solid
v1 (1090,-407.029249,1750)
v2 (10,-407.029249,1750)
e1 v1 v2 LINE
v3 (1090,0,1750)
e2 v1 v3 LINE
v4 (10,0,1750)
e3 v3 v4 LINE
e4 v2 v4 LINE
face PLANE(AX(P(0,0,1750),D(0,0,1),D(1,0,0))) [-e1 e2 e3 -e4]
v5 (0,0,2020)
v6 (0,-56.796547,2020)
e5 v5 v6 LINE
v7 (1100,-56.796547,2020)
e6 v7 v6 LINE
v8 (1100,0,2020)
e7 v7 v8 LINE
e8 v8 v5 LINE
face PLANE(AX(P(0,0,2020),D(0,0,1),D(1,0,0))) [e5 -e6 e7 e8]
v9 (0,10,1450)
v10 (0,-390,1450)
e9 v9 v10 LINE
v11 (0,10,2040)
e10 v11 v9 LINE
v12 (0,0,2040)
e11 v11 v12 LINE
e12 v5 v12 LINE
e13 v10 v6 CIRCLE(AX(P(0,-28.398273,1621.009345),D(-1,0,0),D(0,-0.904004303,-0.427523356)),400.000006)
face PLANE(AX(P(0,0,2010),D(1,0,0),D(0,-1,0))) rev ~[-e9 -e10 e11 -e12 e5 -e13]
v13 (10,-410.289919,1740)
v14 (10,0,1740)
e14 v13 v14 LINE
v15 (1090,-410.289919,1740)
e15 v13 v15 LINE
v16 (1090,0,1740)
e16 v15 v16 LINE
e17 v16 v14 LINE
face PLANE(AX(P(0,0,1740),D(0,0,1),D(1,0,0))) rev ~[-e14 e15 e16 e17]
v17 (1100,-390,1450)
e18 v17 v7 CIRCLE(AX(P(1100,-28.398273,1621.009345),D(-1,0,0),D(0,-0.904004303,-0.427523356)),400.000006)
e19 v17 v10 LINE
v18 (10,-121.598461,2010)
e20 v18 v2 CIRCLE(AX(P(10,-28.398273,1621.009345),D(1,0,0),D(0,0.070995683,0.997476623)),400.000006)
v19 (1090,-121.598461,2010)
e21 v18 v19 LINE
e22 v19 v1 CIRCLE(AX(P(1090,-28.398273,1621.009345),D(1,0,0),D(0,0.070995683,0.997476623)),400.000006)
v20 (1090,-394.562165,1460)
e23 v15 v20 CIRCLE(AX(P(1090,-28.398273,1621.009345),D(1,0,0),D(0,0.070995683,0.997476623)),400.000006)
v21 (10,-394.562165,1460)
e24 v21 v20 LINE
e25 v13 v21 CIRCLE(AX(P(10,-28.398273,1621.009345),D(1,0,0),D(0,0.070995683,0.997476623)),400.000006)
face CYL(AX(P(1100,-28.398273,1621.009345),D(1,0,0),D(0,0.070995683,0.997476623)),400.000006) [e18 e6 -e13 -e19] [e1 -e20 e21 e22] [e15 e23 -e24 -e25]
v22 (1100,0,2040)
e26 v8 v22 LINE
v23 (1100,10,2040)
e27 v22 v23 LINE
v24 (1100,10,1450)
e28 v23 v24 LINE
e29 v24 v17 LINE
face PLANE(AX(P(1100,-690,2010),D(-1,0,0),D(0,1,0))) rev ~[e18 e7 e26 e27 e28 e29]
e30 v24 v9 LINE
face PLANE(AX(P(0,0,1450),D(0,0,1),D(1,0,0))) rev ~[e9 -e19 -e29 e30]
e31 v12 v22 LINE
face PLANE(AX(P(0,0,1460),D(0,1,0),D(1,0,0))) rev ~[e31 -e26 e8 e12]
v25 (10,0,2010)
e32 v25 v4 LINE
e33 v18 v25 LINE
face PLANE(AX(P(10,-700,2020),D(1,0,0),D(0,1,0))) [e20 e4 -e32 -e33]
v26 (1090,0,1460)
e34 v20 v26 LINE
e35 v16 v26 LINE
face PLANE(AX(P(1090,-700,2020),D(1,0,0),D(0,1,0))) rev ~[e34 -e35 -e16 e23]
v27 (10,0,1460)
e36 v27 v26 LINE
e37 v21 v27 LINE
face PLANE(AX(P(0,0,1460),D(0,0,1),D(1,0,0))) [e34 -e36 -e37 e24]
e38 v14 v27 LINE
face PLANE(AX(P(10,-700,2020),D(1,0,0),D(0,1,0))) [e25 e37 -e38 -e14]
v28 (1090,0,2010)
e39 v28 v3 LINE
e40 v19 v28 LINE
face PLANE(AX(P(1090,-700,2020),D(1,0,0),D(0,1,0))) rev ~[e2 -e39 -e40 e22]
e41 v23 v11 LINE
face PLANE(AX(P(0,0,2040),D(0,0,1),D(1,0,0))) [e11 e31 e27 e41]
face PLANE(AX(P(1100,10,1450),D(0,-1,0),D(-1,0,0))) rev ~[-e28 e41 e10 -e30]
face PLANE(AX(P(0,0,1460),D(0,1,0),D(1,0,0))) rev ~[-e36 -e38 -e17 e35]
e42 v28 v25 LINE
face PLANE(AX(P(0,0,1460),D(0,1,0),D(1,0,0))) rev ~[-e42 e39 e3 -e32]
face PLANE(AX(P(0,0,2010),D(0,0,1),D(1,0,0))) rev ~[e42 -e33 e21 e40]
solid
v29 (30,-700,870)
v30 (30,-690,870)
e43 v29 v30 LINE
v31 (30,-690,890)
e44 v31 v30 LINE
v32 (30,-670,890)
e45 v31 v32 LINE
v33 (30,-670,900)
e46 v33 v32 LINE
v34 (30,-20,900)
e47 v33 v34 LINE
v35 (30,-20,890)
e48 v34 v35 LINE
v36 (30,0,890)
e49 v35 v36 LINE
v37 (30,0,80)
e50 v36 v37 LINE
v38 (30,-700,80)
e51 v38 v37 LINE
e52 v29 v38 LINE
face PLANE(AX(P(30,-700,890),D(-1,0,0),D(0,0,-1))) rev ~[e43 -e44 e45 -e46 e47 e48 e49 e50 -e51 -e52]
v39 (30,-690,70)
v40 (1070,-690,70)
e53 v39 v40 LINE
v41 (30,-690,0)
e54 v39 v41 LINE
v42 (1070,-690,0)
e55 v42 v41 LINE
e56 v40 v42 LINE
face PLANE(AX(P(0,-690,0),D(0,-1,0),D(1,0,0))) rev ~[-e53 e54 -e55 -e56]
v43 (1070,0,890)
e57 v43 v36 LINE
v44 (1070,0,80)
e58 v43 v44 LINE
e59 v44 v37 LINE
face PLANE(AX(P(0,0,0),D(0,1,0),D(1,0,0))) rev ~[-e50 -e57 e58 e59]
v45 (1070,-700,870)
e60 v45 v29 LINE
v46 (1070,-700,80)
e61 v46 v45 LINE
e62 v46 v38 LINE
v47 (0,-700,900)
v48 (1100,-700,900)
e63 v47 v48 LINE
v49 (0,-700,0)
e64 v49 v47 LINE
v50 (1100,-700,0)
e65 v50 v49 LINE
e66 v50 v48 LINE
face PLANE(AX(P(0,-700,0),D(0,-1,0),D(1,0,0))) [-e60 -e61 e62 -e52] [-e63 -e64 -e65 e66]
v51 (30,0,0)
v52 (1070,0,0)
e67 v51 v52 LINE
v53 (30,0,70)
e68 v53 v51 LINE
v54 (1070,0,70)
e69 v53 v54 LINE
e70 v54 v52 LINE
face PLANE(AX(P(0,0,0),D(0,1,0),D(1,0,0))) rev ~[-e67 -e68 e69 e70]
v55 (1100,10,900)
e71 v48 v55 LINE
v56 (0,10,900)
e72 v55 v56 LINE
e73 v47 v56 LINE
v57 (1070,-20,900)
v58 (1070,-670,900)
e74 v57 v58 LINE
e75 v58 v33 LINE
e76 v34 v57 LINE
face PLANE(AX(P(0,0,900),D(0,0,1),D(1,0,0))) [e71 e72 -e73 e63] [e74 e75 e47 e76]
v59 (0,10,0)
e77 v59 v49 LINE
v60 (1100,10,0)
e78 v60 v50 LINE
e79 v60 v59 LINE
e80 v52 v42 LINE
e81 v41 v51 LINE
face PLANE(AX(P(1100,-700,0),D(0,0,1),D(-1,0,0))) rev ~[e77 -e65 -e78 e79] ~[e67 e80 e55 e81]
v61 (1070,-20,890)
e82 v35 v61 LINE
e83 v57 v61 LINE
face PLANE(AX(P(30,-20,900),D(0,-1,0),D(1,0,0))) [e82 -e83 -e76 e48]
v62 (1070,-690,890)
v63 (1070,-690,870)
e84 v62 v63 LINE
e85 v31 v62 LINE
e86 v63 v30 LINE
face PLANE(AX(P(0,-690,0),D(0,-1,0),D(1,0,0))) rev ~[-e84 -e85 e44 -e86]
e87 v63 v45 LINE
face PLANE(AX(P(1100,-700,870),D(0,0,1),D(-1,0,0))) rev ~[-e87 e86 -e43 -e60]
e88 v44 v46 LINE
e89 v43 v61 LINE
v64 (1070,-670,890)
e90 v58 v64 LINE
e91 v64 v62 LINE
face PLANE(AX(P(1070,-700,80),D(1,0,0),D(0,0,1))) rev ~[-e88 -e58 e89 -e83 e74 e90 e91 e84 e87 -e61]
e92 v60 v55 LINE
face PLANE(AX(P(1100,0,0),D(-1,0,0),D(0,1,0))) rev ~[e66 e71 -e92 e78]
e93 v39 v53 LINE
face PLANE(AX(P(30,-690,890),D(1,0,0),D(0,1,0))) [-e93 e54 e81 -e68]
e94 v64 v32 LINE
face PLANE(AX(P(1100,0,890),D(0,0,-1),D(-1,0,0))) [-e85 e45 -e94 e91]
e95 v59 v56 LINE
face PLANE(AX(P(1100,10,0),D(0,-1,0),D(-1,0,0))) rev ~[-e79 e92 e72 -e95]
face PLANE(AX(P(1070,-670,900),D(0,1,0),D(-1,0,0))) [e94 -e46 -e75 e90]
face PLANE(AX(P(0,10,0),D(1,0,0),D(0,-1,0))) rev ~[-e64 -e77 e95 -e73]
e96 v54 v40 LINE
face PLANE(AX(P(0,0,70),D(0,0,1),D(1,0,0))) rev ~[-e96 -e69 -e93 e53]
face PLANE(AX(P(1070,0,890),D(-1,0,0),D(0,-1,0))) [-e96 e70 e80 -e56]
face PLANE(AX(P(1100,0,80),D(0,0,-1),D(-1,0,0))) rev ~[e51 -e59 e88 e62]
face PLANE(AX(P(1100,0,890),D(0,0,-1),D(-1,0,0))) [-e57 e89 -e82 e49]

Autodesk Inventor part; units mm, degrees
sketch "Sketch1" plane through (0, 0, 0) normal (0, 0, 1) x (1, 0, 0)
  line L0 (0, 0) -> (1100, 0)
  line L1 (1100, 0) -> (1100, 10)
  line L2 (1100, 10) -> (0, 10)
  line L3 (0, 10) -> (0, 0)
  dimension "ancho" = 1100
  dimension "espesor" = 10
extrude "Extrusion1" add sketch "Sketch1" along normal blind 900
sketch "Sketch2" plane through (0, 0, 0) normal (0, -1, 0) x (1, 0, 0)
  line L0 (0, 0) -> (1100, 0) construction
  line L1 (1100, 0) -> (1100, 900) construction
  line L2 (0, 900) -> (1100, 900) construction
  line L3 (0, 0) -> (0, 900) construction
  line L4 (0, 0) -> (0, 900) projected
  line L5 (0, 70) -> (1100, 70)
  line L6 (1100, 70) -> (1100, 80)
  line L7 (1100, 80) -> (0, 80)
  line L8 (0, 80) -> (0, 70)
  line L9 (0, 900) -> (1100, 900) projected
  line L10 (1100, 0) -> (1100, 900) projected
  line L11 (0, 900) -> (1100, 900)
  line L12 (1100, 900) -> (1100, 890)
  line L13 (1100, 890) -> (0, 890)
  line L14 (0, 890) -> (0, 900)
  dimension "d5" = 10
  dimension "d6" = 10
  dimension "d7" = 80
extrude "Extrusion2" add sketch "Sketch2" along normal blind 700 contours L4 L7 L6 L5 | L4 L9 L10 L13
sketch "Sketch3" plane through (0, 0, 900) normal (0, 0, 1) x (1, 0, 0)
  line L0 (1100, 10) -> (1100, -700) projected
  line L1 (1100, 10) -> (0, 10) projected
  line L2 (0, 10) -> (0, -700) projected
  line L3 (1100, -700) -> (0, -700) projected
  line L4 (30, -670) -> (30, -20)
  line L5 (30, -20) -> (1070, -20)
  line L6 (1070, -20) -> (1070, -670)
  line L7 (1070, -670) -> (30, -670)
  point P0 (0, 0)
  dimension "d10" = 30
extrude "Extrusion3" cut sketch "Sketch3" against normal up to next contours L4 L5 L6 L7
sketch "Sketch4" plane through (0, -700, 0) normal (0, -1, 0) x (1, 0, 0)
  line L0 (0, 70) -> (1100, 70) construction
  line L1 (1100, 70) -> (1100, 80) construction
  line L2 (1100, 80) -> (0, 80) construction
  line L3 (0, 80) -> (0, 70) construction
  line L4 (0, 900) -> (0, 890) construction
  line L5 (0, 890) -> (1100, 890) construction
  line L6 (1100, 890) -> (1100, 900) construction
  line L7 (1100, 900) -> (0, 900) construction
  line L8 (1100, 70) -> (0, 70) construction
  line L9 (0, 0) -> (0, 70) construction
  line L10 (0, 0) -> (1100, 0) construction
  line L11 (1100, 0) -> (1100, 70) construction
  line L12 (0, 900) -> (1100, 900)
  line L13 (1100, 900) -> (1100, 0)
  line L14 (1100, 0) -> (0, 0)
  line L15 (0, 0) -> (0, 900)
  line L16 (1100, 80) -> (0, 80) projected
  line L17 (30, 80) -> (1070, 80)
  line L18 (1070, 80) -> (1070, 890)
  line L19 (1070, 890) -> (30, 890)
  line L20 (30, 890) -> (30, 80)
  dimension "d13" = 30
  dimension "d14" = 30
extrude "Extrusion4" add sketch "Sketch4" against normal blind 10 contours L12 L13 L16 L18 L19 L20 L15 | L16 L13 L14 L15
ref_plane "Work Plane1" through (0, 0, 1450) normal (0, 0, 1) x (1, 0, 0)
sketch "Sketch5" plane through (0, 0, 1450) normal (0, 0, 1) x (1, 0, 0)
  line L0 (1100, 10) -> (0, 10) projected
  line L1 (0, 10) -> (0, -700) projected
  line L2 (1100, 10) -> (1100, -700) projected
  line L3 (1100, -700) -> (0, -700) projected
  point P0 (0, 0)
extrude "Extrusion5" add sketch "Sketch5" along normal blind 10
sketch "Sketch6" plane through (0, 0, 1460) normal (0, 0, 1) x (1, 0, 0)
  line L0 (1100, 10) -> (0, 10) projected
  line L1 (0, 10) -> (0, -700) projected
  line L2 (0, -700) -> (1100, -700) projected
  line L3 (1100, -700) -> (1100, 10) projected
  line L4 (1100, -700) -> (0, -700) projected
  line L5 (1100, 0) -> (1100, -690) projected
  line L6 (0, -700) -> (1100, -700)
  line L7 (1100, -700) -> (1100, -690)
  line L8 (1100, -690) -> (0, -690)
  line L9 (0, -690) -> (0, -700)
  line L10 (0, 0) -> (0, -690) projected
  line L11 (1100, 10) -> (0, 10)
  line L12 (0, 10) -> (0, 0)
  line L13 (0, 0) -> (1100, 0)
  line L14 (1100, 0) -> (1100, 10)
  dimension "d20" = 10
  dimension "d21" = 10
extrude "Extrusion6" add sketch "Sketch6" along normal blind 580 contours L3 L13 L1 L0 | L3 L2 L1 L8
sketch "Sketch7" plane through (0, -700, 1450) normal (0, -1, 0) x (1, 0, 0)
  line L0 (1100, 0) -> (1100, 590) projected
  line L1 (0, 590) -> (1100, 590) projected
  line L2 (0, 0) -> (0, 590) projected
  line L3 (0, 10) -> (1100, 10) projected
  line L4 (30, 10) -> (1070, 10)
  line L5 (1070, 10) -> (1070, 560)
  line L6 (1070, 560) -> (30, 560)
  line L7 (30, 560) -> (30, 10)
  line L8 (0, 0) -> (1100, 0) projected
  point P0 (0, -1450)
  dimension "d24" = 30
  dimension "d25" = 30
  dimension "d26" = 30
extrude "Extrusion7" cut sketch "Sketch7" against normal up to next contours L3 L7 L6 L5
sketch "Sketch9" plane through (0, -700, 0) normal (0, -1, 0) x (1, 0, 0)
  line L0 (0, 900) -> (0, 0) construction
  line L1 (1100, 900) -> (1100, 0) construction
  line L2 (1100, 890) -> (1100, 80) projected
  line L3 (0, 900) -> (1100, 900)
  line L4 (1100, 900) -> (1100, 870)
  line L5 (1100, 870) -> (0, 870)
  line L6 (0, 870) -> (0, 900)
  line L7 (1100, 0) -> (0, 0) projected
  line L8 (1100, 900) -> (0, 900) projected
extrude "Extrusion9" add sketch "Sketch9" against normal blind 10
ref_plane "Work Plane2" through (0, 0, 1740) normal (0, 0, 1) x (1, 0, 0)
sketch "Sketch12" plane through (0, 0, 1740) normal (0, 0, 1) x (1, 0, 0)
  line L0 (1100, -690) -> (1100, 0) projected
  line L1 (1100, 0) -> (0, 0) projected
  line L2 (0, -690) -> (1100, -690) projected
  line L3 (0, -690) -> (0, 0) projected
  point P0 (0, 0)
extrude "Extrusion11" add sketch "Sketch12" along normal blind 10
sketch "Sketch14" plane through (1100, 0, 890) normal (0, 0, -1) x (-1, 0, 0)
  line L0 (0, 0) -> (0, -690) projected
  line L1 (0, 0) -> (30, 0)
  line L2 (30, 0) -> (30, -690)
  line L3 (30, -690) -> (0, -690)
  line L4 (0, -690) -> (0, 0)
  line L5 (0, -690) -> (1100, -690) projected
  line L6 (0, 0) -> (1100, 0) projected
  line L7 (1100, -690) -> (1070, -690)
  line L8 (1070, -690) -> (1070, 0)
  line L9 (1070, 0) -> (1100, 0)
  line L10 (1100, 0) -> (1100, -690)
extrude "Extrusion13" add sketch "Sketch14" along normal blind 890 contours L1 L2 L3 L0 | L6 L10 L5 L8
ref_plane "Work Plane3" through (0, 0, 2010) normal (0, 0, 1) x (1, 0, 0)
sketch "Sketch15" plane through (0, 0, 2010) normal (0, 0, 1) x (1, 0, 0)
  line L0 (0, -690) -> (0, -700) projected
  line L1 (0, -690) -> (1100, -690)
  line L2 (1100, -690) -> (1100, 0)
  line L3 (1100, 0) -> (0, 0)
  line L4 (0, 0) -> (0, -690)
  point P0 (0, 0)
extrude "Extrusion14" add sketch "Sketch15" along normal blind 10
sketch "Sketch16" plane through (0, 0, 2020) normal (0, 0, 1) x (1, 0, 0)
  line L0 (0, 10) -> (0, -700) projected
  line L1 (0, -700) -> (10, -700)
  line L2 (10, -700) -> (10, 10)
  line L3 (10, 10) -> (0, 10)
  line L4 (0, 10) -> (0, -700)
  line L5 (1100, -700) -> (0, -700) projected
  line L6 (1100, 10) -> (0, 10) projected
  line L7 (1100, -700) -> (1090, -700)
  line L8 (1090, -700) -> (1090, 10)
  line L9 (1090, 10) -> (1100, 10)
  line L10 (1100, 10) -> (1100, -700)
  point P0 (0, 0)
  dimension "d57" = 10
  dimension "d58" = 10
extrude "Extrusion15" add sketch "Sketch16" against normal up to surface (570 mm away) contours L3 L2 L1 L0 | L6 L10 L5 L8
sketch "Sketch17" plane through (1100, -700, 1450) normal (1, 0, 0) x (0, 0, -1)
  line L0 (-300, 10) -> (-300, 700) projected
  line L1 (0, 710) -> (-590, 710) projected
  line L2 (-590, 700) -> (-590, 710) projected
  line L3 (-570, 700) -> (-590, 700) projected
  line L4 (-570, 10) -> (-570, 700) projected
  line L5 (-570, 10) -> (-590, 10) projected
  line L6 (-590, 0) -> (-590, 10) projected
  line L7 (0, 0) -> (-590, 0) projected
  line L8 (0, 0) -> (0, 710) projected
  line L9 (0, 710) -> (0, 310)
  line L10 (0, 0) -> (0, 710) projected
  arc A0 (-570, 700) -> (0, 310) centre (-171.0094, 671.6017) ccw
  point P0 (1450, 700)
  dimension "d61" = 400
  dimension "d62" = 400
extrude "Extrusion16" cut sketch "Sketch17" against normal up to next contours L8 L7 L6 L5 L4 A0
equation "\"d5\" = espesor"
equation "\"d6\" = espesor"
equation "\"d10\" = 3 * espesor"
equation "\"d13\" = 3 * espesor"
equation "\"d14\" = 3 * espesor"
equation "\"d15\" = espesor"
equation "\"d18\" = espesor"
equation "\"d20\" = espesor"
equation "\"d21\" = espesor"
equation "\"d24\" = 3 * espesor"
equation "\"d25\" = 3 * espesor"
equation "\"d26\" = 3 * espesor"
equation "\"d33\" = espesor"
equation "\"d41\" = espesor"
equation "\"d47\" = h_inf - espesor"
equation "\"d55\" = espesor"
equation "\"d57\" = espesor"
equation "\"d58\" = espesor"
equation "\"d59\" = espesor"
equation "\"d63\" = espesor"
equation "\"h_inf\" = 900"
properties part number "esqueleto_mueble" material "Lead"
